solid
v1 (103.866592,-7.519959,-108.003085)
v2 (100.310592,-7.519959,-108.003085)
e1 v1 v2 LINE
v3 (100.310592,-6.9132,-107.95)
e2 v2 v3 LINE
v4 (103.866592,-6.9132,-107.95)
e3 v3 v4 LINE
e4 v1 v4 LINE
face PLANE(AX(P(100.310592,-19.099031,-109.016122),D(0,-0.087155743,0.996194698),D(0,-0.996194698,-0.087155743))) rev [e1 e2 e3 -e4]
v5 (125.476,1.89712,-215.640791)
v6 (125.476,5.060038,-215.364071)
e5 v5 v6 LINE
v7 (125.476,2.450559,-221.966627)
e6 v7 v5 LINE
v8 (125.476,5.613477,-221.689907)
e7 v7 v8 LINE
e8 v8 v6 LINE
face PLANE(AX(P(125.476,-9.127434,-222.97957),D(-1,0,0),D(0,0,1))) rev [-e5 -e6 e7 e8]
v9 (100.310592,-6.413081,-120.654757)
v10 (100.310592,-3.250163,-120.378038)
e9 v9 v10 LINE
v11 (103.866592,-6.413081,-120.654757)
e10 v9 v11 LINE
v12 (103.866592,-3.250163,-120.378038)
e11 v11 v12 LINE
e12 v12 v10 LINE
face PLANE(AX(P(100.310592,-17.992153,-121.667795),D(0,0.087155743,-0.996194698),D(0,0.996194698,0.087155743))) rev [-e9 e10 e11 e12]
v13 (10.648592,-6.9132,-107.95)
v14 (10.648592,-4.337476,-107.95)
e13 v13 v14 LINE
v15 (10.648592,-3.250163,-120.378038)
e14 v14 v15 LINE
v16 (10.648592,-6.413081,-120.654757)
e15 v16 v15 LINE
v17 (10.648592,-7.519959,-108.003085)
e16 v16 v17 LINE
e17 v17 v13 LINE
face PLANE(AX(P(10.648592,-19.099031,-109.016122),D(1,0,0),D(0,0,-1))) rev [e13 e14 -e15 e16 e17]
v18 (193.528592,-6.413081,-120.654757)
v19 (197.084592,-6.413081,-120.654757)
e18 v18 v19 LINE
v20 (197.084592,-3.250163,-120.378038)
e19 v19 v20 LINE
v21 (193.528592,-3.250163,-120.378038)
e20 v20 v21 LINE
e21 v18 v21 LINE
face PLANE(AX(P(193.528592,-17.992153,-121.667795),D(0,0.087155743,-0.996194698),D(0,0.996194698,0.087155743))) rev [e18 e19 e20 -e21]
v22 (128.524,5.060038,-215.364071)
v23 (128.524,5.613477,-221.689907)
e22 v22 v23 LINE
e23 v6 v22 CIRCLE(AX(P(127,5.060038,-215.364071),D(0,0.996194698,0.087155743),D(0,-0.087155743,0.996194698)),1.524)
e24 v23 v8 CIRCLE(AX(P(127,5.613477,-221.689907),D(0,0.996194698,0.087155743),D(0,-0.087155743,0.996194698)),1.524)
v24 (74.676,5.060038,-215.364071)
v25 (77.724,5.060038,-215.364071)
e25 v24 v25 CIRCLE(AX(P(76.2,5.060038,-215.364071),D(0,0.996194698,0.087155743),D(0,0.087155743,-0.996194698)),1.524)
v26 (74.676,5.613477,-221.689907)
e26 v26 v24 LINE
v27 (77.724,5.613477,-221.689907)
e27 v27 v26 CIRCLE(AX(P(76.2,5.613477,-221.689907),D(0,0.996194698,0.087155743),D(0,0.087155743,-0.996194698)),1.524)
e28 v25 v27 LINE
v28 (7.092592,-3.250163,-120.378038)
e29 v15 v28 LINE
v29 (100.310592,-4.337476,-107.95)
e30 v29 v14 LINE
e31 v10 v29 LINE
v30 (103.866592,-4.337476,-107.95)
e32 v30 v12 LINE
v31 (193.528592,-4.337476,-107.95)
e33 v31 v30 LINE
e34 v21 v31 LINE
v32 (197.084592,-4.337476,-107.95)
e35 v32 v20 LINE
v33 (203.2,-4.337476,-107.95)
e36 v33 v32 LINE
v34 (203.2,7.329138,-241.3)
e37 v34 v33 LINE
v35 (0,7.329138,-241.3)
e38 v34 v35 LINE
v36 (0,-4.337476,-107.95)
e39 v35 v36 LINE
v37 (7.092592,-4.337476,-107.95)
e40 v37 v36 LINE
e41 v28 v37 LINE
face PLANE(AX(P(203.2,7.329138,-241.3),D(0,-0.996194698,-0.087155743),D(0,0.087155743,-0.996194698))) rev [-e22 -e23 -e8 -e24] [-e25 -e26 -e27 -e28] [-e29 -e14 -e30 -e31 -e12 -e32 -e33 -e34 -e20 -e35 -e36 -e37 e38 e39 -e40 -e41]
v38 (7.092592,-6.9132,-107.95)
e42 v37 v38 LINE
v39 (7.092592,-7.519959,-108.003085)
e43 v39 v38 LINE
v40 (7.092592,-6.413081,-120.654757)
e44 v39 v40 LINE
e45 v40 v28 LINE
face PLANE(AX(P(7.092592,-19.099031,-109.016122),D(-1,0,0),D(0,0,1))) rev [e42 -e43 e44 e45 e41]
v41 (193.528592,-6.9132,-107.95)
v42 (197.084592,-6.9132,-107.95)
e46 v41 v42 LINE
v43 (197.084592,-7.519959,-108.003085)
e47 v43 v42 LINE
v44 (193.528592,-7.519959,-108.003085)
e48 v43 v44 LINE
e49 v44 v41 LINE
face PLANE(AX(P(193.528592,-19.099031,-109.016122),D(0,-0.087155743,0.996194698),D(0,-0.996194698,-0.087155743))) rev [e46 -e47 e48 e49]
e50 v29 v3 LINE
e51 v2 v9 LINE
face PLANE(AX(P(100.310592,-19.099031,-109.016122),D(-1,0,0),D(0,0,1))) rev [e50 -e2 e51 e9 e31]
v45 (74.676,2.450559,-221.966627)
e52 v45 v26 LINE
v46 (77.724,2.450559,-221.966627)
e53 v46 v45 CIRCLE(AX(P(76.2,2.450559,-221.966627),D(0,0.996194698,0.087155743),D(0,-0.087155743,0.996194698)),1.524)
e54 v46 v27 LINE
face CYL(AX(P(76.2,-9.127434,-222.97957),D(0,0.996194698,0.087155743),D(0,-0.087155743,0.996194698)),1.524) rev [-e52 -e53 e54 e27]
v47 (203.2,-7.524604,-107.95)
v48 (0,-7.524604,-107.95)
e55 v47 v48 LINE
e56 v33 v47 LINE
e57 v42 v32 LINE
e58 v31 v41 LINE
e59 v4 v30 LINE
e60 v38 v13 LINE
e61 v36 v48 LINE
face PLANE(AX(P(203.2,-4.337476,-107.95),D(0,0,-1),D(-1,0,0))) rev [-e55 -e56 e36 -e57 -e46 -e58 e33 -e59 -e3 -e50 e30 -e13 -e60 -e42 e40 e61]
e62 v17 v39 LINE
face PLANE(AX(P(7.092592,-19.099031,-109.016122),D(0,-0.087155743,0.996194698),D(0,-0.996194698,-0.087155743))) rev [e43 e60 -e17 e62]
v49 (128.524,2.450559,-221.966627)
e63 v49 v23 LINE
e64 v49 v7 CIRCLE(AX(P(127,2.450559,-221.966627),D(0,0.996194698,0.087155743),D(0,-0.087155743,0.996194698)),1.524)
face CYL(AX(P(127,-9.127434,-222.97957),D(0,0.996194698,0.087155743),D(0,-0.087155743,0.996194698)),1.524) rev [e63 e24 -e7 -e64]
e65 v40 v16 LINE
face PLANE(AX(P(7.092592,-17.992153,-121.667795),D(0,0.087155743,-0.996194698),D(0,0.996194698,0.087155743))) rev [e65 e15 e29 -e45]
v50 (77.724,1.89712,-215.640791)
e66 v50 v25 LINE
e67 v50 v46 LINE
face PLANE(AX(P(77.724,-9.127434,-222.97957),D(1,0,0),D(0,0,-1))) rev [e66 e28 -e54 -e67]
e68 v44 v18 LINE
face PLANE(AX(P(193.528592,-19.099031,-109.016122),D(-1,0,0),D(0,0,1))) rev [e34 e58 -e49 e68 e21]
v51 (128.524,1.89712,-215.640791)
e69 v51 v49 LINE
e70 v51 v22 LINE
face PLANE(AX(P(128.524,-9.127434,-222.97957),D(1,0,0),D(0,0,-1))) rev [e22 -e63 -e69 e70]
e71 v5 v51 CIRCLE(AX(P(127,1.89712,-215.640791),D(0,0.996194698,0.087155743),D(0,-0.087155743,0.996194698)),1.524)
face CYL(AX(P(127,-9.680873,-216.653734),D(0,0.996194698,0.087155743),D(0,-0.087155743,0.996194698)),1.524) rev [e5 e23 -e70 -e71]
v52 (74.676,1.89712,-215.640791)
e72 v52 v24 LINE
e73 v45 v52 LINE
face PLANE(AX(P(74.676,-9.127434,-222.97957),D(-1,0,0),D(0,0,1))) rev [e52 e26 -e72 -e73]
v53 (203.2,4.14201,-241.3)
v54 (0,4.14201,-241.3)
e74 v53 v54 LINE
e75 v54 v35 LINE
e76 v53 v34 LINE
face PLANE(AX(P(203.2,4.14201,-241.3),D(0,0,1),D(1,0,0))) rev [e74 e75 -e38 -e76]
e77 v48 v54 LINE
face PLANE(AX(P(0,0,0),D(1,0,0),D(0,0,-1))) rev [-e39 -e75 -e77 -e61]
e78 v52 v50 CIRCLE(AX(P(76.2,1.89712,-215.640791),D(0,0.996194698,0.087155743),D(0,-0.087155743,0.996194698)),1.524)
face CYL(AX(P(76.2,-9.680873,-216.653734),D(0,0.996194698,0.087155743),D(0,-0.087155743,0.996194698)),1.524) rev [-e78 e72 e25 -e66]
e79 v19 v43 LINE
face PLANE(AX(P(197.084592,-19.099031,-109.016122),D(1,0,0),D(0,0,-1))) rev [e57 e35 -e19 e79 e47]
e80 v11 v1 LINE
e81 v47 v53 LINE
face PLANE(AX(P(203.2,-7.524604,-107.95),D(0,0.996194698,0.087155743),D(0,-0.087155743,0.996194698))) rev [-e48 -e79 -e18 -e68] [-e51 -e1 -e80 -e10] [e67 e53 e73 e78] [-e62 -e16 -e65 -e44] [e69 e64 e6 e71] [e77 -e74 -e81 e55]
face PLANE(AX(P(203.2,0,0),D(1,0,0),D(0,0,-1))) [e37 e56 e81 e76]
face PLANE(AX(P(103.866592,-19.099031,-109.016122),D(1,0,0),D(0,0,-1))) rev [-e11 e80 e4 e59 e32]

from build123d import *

# Parameters (mm, degrees)
BOSS_EXTRUDE1_DEPTH = 203.2
CUT_EXTRUDE1_DEPTH  = 316.247758015
CUT_EXTRUDE2_REACH  = 317.248
SKETCH3_W           = 3.556
SKETCH3_H           = 12.7


with BuildPart() as part:
    # Sketch1 → Boss-Extrude1 (new body)
    with BuildSketch(Plane(origin=(0, 0, 0), x_dir=(0, 0, -1), z_dir=(1, 0, 0))):
        Polygon((107.95, -4.33747573), (107.95, -7.524603714), (241.3, 4.142009567), (241.3, 7.329137551), align=None)
    extrude(amount=BOSS_EXTRUDE1_DEPTH)

    # Sketch2 → Cut-Extrude1 (cut, through all)
    with BuildSketch(Plane(origin=(0, -13.677188118, -1.196598909), x_dir=(1, 0, 0), z_dir=(0, 0.9961946980917459, 0.08715574274765497))):
        with BuildLine():
            Line((74.676, 221.335557077), (74.676, 214.985557077))
            ThreePointArc((74.676, 214.985557077), (76.2, 213.461557077), (77.724, 214.985557077))
            Line((77.724, 214.985557077), (77.724, 221.335557077))
            ThreePointArc((77.724, 221.335557077), (76.2, 222.859557077), (74.676, 221.335557077))
        make_face()
        with BuildLine():
            Line((128.524, 221.335557077), (128.524, 214.985557077))
            ThreePointArc((128.524, 214.985557077), (127, 213.461557077), (125.476, 214.985557077))
            Line((125.476, 214.985557077), (125.476, 221.335557077))
            ThreePointArc((125.476, 221.335557077), (127, 222.859557077), (128.524, 221.335557077))
        make_face()
    extrude(amount=-CUT_EXTRUDE1_DEPTH, mode=Mode.SUBTRACT)

    # Sketch3 → Cut-Extrude2 (cut, up to next)
    with BuildSketch(Plane(origin=(0, -13.677188118, -1.196598909), x_dir=(1, 0, 0), z_dir=(0, 0.9961946980917459, 0.08715574274765481)), mode=Mode.PRIVATE) as cut_extrude2_sk1:
        with Locations((8.870592235, 113.286692619)):
            Rectangle(SKETCH3_W, SKETCH3_H)
    cut_extrude2_tool1 = extrude(cut_extrude2_sk1.sketch, amount=-CUT_EXTRUDE2_REACH, mode=Mode.PRIVATE) & part.part
    # Sketch3 → Cut-Extrude2 (cut, up to next)
    with BuildSketch(Plane(origin=(0, -13.677188118, -1.196598909), x_dir=(1, 0, 0), z_dir=(0, 0.9961946980917459, 0.08715574274765481)), mode=Mode.PRIVATE) as cut_extrude2_sk2:
        with Locations((102.088592235, 113.286692619)):
            Rectangle(SKETCH3_W, SKETCH3_H)
    cut_extrude2_tool2 = extrude(cut_extrude2_sk2.sketch, amount=-CUT_EXTRUDE2_REACH, mode=Mode.PRIVATE) & part.part
    # Sketch3 → Cut-Extrude2 (cut, up to next)
    with BuildSketch(Plane(origin=(0, -13.677188118, -1.196598909), x_dir=(1, 0, 0), z_dir=(0, 0.9961946980917459, 0.08715574274765481)), mode=Mode.PRIVATE) as cut_extrude2_sk3:
        with Locations((195.306592235, 113.286692619)):
            Rectangle(SKETCH3_W, SKETCH3_H)
    cut_extrude2_tool3 = extrude(cut_extrude2_sk3.sketch, amount=-CUT_EXTRUDE2_REACH, mode=Mode.PRIVATE) & part.part
    add(cut_extrude2_tool1.solids().sort_by_distance((8.870592, -3.803602, -114.052201))[0], mode=Mode.SUBTRACT)
    add(cut_extrude2_tool2.solids().sort_by_distance((102.088592, -3.803602, -114.052201))[0], mode=Mode.SUBTRACT)
    add(cut_extrude2_tool3.solids().sort_by_distance((195.306592, -3.803602, -114.052201))[0], mode=Mode.SUBTRACT)


solid = part.part
